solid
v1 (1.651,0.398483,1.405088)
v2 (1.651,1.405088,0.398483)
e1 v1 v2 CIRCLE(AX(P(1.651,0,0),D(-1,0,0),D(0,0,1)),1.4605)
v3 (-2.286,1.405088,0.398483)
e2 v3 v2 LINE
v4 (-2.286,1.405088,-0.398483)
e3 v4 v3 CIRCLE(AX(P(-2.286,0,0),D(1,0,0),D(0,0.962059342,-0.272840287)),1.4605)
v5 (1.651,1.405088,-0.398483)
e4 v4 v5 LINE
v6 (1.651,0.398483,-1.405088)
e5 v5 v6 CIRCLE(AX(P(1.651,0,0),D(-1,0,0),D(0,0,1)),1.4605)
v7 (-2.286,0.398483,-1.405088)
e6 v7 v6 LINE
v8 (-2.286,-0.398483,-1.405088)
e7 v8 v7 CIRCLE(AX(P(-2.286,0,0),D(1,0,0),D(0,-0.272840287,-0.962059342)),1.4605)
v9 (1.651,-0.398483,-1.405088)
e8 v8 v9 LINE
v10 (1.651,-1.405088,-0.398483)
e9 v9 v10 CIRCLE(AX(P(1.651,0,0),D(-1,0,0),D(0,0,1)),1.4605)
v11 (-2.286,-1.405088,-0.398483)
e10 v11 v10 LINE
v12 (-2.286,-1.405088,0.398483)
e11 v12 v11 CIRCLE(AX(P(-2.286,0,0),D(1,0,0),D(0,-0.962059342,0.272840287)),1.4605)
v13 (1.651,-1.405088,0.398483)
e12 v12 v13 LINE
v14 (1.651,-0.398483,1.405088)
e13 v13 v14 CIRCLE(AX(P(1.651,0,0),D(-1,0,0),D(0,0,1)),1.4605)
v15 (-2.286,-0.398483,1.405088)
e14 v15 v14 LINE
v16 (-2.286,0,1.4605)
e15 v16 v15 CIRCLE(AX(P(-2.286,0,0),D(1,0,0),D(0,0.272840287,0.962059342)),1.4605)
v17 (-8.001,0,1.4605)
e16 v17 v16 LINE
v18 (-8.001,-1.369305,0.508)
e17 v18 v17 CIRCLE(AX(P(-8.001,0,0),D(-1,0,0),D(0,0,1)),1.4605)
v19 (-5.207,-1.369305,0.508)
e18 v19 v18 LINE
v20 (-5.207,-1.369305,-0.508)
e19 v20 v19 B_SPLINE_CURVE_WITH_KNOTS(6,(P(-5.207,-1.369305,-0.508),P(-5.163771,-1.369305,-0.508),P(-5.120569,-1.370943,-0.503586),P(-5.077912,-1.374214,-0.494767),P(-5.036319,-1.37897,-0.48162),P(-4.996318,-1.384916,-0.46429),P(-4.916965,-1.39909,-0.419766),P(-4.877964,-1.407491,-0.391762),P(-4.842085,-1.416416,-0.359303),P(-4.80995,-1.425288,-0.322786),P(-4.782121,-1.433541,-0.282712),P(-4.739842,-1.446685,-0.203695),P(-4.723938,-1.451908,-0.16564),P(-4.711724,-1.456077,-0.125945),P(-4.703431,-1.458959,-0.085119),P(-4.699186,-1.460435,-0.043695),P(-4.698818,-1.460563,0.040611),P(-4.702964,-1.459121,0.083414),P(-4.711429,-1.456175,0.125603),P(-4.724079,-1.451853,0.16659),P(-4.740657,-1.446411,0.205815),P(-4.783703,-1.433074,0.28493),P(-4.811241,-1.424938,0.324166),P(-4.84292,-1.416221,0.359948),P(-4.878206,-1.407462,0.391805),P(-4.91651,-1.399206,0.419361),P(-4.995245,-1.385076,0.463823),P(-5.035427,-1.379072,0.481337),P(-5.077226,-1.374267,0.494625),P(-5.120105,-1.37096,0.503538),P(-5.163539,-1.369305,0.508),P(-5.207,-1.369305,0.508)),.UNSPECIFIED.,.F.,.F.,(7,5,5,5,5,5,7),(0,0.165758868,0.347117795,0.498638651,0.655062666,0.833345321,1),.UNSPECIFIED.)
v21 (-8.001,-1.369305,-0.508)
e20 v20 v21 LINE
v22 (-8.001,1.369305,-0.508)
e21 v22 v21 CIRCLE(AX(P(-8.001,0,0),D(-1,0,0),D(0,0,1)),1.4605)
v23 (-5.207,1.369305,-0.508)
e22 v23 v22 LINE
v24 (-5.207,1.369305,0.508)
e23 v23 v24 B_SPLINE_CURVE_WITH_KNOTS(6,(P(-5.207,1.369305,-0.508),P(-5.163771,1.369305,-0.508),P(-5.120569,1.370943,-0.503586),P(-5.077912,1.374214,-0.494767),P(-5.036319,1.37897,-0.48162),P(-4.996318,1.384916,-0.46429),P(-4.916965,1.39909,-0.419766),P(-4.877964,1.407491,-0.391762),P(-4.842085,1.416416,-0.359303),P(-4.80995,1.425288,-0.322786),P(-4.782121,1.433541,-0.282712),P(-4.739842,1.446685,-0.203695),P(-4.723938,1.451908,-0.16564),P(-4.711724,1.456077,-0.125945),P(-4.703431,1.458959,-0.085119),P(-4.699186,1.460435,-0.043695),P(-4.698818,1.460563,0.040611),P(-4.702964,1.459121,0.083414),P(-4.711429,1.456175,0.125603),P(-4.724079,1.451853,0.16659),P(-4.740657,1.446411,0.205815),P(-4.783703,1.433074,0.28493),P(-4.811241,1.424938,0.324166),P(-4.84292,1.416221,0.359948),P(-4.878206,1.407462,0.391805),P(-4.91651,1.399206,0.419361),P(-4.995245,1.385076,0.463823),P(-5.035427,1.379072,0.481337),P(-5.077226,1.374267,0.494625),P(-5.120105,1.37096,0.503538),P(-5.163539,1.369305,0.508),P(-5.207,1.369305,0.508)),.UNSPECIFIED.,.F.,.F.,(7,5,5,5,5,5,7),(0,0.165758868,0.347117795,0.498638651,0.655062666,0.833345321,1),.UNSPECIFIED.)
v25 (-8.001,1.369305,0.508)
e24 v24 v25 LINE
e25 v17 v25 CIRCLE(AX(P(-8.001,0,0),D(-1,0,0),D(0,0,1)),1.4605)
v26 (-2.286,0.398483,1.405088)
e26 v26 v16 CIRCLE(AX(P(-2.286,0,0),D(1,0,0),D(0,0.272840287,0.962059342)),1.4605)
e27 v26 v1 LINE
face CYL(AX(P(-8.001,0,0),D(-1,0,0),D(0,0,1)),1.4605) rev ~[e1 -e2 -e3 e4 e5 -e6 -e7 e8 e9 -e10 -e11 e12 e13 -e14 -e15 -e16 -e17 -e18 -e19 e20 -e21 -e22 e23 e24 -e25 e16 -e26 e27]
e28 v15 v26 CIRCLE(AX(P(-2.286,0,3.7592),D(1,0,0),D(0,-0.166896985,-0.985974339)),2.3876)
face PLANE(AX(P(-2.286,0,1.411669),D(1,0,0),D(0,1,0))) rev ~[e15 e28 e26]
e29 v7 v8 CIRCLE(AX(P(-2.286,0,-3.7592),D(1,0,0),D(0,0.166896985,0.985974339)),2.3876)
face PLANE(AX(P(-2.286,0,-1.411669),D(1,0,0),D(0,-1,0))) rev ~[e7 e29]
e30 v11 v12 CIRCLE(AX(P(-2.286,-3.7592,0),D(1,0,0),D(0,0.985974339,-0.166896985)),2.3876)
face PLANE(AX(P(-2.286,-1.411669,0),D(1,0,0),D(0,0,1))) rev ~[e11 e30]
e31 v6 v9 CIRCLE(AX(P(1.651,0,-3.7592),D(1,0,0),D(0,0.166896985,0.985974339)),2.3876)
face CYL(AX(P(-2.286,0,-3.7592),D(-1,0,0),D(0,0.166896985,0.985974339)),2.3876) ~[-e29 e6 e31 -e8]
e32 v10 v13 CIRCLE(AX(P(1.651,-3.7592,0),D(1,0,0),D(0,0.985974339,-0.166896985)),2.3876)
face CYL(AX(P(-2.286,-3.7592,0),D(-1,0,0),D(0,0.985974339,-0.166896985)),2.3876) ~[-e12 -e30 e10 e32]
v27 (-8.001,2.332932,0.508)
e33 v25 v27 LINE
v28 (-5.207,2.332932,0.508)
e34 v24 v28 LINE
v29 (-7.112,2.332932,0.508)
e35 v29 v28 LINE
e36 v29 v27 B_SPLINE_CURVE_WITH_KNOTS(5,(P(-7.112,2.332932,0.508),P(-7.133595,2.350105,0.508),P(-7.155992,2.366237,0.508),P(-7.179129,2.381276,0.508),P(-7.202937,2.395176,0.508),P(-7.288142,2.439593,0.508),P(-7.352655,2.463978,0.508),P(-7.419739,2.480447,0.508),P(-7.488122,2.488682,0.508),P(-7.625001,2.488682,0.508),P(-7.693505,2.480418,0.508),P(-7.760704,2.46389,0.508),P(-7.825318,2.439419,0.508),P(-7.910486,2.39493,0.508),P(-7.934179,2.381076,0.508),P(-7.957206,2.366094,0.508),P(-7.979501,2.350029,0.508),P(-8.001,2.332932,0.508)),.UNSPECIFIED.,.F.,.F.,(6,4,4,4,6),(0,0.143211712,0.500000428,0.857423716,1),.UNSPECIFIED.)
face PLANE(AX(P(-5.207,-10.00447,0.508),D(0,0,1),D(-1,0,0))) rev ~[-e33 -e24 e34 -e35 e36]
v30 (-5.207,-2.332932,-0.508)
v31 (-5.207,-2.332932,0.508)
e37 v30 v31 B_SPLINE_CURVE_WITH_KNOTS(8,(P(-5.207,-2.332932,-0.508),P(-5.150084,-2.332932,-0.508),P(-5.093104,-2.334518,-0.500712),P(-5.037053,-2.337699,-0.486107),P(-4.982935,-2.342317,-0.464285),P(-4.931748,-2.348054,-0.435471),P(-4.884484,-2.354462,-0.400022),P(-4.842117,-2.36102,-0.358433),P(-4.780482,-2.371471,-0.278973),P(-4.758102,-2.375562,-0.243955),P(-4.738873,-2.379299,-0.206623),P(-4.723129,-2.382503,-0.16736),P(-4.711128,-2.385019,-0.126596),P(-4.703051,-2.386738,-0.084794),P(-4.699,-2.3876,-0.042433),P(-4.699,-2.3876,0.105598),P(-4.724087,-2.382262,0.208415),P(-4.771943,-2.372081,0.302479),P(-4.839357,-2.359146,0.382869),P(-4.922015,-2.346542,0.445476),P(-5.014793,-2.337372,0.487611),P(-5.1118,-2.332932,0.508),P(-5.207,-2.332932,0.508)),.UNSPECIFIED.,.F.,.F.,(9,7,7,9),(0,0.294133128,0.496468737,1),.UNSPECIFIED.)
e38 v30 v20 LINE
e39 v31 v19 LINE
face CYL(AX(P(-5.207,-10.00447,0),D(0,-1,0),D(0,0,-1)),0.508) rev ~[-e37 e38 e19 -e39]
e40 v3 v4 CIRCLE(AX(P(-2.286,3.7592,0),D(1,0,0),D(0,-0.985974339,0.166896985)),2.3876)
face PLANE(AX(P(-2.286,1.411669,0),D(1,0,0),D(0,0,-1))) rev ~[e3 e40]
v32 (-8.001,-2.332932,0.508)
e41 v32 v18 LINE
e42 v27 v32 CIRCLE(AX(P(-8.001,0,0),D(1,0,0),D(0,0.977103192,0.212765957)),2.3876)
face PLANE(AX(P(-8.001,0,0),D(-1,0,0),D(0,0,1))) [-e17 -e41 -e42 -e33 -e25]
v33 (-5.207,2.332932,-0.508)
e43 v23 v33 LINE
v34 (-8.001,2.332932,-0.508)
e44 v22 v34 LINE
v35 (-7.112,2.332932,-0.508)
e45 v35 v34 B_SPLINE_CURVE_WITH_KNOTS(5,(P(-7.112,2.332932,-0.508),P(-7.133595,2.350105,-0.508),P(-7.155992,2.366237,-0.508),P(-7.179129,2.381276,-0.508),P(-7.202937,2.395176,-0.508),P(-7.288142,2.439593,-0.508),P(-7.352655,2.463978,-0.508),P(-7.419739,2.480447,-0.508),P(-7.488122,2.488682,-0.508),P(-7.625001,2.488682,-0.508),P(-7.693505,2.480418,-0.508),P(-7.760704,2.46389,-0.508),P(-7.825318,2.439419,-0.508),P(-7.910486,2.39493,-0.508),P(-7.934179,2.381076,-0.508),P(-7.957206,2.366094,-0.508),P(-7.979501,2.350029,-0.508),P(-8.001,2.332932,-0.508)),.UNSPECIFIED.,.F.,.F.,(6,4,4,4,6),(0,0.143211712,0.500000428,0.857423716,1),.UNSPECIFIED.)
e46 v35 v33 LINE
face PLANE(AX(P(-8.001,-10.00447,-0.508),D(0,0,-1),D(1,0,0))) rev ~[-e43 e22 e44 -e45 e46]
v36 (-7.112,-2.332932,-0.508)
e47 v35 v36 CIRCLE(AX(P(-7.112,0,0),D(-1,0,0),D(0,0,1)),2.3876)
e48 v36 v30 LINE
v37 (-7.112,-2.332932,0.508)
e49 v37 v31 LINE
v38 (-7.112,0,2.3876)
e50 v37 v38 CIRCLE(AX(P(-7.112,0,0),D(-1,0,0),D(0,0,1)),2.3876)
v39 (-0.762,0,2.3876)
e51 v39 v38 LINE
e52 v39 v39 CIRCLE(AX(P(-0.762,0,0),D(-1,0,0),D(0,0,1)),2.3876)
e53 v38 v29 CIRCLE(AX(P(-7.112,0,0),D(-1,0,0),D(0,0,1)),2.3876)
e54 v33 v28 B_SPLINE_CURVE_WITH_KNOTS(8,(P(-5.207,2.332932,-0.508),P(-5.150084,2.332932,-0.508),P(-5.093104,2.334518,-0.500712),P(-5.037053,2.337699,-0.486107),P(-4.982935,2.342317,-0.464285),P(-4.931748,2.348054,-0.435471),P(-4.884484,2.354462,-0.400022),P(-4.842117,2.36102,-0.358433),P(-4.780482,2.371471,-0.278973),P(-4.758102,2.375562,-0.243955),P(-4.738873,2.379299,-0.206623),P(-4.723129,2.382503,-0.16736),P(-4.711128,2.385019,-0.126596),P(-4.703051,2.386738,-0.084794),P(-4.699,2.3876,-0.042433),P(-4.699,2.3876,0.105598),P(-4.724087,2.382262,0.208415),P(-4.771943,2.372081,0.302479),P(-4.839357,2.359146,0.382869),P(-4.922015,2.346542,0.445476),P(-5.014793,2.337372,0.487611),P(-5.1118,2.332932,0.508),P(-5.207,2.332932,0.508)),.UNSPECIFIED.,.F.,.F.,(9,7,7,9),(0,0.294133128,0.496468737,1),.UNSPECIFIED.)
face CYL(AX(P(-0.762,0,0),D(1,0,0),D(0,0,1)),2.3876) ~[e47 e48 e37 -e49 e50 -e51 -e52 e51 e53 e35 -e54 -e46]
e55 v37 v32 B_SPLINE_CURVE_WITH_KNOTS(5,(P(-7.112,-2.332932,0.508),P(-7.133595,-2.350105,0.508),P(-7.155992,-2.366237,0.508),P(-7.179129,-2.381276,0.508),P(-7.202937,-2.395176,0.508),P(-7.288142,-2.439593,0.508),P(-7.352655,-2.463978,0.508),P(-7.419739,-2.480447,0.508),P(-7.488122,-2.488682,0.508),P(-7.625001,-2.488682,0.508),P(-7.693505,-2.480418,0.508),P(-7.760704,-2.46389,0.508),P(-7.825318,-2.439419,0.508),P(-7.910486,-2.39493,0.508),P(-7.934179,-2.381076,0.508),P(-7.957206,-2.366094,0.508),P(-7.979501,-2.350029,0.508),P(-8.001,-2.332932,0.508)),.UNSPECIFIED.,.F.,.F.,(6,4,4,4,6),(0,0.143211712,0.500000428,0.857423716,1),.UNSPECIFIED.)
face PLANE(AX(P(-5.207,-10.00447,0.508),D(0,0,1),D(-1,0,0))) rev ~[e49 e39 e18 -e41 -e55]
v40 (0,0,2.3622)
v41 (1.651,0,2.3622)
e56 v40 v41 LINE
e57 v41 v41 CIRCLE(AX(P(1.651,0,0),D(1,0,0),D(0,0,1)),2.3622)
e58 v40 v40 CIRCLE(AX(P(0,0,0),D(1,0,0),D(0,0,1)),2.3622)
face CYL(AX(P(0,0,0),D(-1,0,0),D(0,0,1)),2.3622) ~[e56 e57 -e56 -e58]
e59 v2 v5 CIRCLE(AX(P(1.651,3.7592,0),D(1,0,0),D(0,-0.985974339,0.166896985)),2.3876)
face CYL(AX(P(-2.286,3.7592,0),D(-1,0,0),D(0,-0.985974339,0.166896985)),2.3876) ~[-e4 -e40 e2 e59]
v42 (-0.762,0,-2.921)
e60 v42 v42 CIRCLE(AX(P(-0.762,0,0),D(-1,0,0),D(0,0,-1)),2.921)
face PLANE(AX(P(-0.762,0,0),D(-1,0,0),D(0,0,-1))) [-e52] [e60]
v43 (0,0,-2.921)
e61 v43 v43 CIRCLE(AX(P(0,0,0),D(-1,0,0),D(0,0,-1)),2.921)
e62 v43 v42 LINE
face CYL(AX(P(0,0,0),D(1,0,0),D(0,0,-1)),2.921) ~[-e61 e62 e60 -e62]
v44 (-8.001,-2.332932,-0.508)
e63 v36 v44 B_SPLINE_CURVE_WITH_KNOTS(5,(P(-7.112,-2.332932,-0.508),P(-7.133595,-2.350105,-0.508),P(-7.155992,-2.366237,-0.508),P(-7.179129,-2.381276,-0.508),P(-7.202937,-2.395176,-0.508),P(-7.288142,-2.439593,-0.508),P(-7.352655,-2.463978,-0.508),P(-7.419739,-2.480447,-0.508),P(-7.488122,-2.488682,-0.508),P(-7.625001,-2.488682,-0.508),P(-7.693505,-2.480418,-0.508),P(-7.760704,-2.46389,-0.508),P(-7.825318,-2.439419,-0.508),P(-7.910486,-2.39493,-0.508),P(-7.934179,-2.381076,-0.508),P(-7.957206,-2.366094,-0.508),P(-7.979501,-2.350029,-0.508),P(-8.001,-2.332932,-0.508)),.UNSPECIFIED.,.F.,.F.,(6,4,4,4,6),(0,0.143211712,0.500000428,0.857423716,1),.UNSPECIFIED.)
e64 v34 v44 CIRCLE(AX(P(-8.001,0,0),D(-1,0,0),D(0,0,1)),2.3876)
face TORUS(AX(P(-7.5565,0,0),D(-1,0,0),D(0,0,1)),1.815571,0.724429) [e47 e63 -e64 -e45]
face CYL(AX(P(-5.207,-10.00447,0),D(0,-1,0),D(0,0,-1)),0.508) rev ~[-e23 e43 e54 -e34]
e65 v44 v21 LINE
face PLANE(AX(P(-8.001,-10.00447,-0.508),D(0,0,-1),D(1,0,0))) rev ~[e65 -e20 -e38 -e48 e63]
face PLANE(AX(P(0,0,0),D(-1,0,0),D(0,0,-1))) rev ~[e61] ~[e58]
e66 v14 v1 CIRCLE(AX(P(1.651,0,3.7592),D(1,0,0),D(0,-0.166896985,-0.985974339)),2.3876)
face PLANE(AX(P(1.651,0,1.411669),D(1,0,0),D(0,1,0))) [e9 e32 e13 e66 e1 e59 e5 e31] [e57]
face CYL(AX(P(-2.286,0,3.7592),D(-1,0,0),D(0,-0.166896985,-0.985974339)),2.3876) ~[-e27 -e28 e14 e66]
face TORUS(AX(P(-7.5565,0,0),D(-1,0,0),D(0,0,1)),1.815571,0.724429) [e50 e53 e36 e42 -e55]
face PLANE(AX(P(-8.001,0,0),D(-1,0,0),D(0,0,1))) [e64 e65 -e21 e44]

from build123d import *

# Parameters (mm, degrees)
SKETCH1_R               = 2.3622
BASE_EXTRUDE_DEPTH      = 1.651
SKETCH3_R               = 2.921
BOSS_EXTRUDE1_DEPTH     = 0.762
SKETCH4_R               = 2.3876
BOSS_EXTRUDE2_DEPTH     = 7.239
SKETCH7_R               = 1.4605
CUT_EXTRUDE2_DEPTH      = 11.498837364
CUT_EXTRUDE4_DEPTH      = 10.004470257
CUT_EXTRUDE4_DEPTH_BACK = 10.004470257
BOSS_EXTRUDE11_START    = -3.937
BOSS_EXTRUDE11_DEPTH    = 3.937
CIRPATTERN1_COUNT       = 4


with BuildPart() as part:
    # Sketch1 → Base-Extrude (new body)
    with BuildSketch(Plane(origin=(0, 0, 0), x_dir=(0, 0, -1), z_dir=(1, 0, 0))):
        with Locations(Location((0, 0, 0), (0, 0, 180))):
            Circle(SKETCH1_R)
    extrude(amount=BASE_EXTRUDE_DEPTH)

    # Sketch3 → Boss-Extrude1 (add)
    with BuildSketch(Plane.ZY):
        with Locations(Location((0, 0, 0), (0, 0, 180))):
            Circle(SKETCH3_R)
    extrude(amount=BOSS_EXTRUDE1_DEPTH)

    # Sketch4 → Boss-Extrude2 (add)
    with BuildSketch(Plane.ZY.offset(0.762)):
        Circle(SKETCH4_R)
    extrude(amount=BOSS_EXTRUDE2_DEPTH)

    # Sketch6 → Boss-Revolve2 (revolve)
    with BuildSketch(Plane(origin=(0, 0, 0), x_dir=(1, 0, 0), z_dir=(0, 1, 0)), mode=Mode.PRIVATE) as boss_revolve2_sk:
        with BuildLine():
            Line((-8.001, 2.3876), (-7.112, 2.3876))
            ThreePointArc((-7.112, 2.3876), (-7.5565, 2.54), (-8.001, 2.3876))
        make_face()
    revolve(boss_revolve2_sk.sketch.rotate(Axis((0, 0, 0), (-1, 0, 0)), 180), axis=Axis((0, 0, 0), (-1, 0, 0)))

    # Sketch7 → Cut-Extrude2 (cut, through all)
    with BuildSketch(Plane.ZY.offset(8.001)):
        Circle(SKETCH7_R)
    extrude(amount=-CUT_EXTRUDE2_DEPTH, mode=Mode.SUBTRACT)

    # Sketch8 → Cut-Extrude4 (cut, two sides: drawn at the far end of the back side and taken through both)
    with BuildSketch(Plane(origin=(0, 0, 0), x_dir=(1, 0, 0), z_dir=(0, 1, 0)).offset(-CUT_EXTRUDE4_DEPTH_BACK)):
        with BuildLine():
            Line((-8.001, 0.508), (-5.207, 0.508))
            ThreePointArc((-5.207, 0.508), (-4.699, 0), (-5.207, -0.508))
            Line((-5.207, -0.508), (-8.001, -0.508))
            Line((-8.001, -0.508), (-8.001, 0.508))
        make_face()
    extrude(amount=CUT_EXTRUDE4_DEPTH + CUT_EXTRUDE4_DEPTH_BACK, mode=Mode.SUBTRACT)

    # Sketch11 → Boss-Extrude11 (add)
    with BuildSketch(Plane(origin=(1.651, 0, 0), x_dir=(0, 0, -1), z_dir=(1, 0, 0)).offset(BOSS_EXTRUDE11_START)):
        with BuildLine():
            ThreePointArc((0.39848324, 1.405087669), (0, 1.4605), (-0.39848324, 1.405087669))
            ThreePointArc((-0.39848324, 1.405087669), (0, 1.3716), (0.39848324, 1.405087669))
        make_face()
    boss_extrude11 = extrude(amount=BOSS_EXTRUDE11_DEPTH)

    # CirPattern1: Boss-Extrude11 ×4 about axis
    cirpattern1_axis = Axis((0, 0, 0), (1, 0, 0))
    for i in range(1, CIRPATTERN1_COUNT):
        add(boss_extrude11.rotate(cirpattern1_axis, i * 360 / CIRPATTERN1_COUNT))


solid = part.part
